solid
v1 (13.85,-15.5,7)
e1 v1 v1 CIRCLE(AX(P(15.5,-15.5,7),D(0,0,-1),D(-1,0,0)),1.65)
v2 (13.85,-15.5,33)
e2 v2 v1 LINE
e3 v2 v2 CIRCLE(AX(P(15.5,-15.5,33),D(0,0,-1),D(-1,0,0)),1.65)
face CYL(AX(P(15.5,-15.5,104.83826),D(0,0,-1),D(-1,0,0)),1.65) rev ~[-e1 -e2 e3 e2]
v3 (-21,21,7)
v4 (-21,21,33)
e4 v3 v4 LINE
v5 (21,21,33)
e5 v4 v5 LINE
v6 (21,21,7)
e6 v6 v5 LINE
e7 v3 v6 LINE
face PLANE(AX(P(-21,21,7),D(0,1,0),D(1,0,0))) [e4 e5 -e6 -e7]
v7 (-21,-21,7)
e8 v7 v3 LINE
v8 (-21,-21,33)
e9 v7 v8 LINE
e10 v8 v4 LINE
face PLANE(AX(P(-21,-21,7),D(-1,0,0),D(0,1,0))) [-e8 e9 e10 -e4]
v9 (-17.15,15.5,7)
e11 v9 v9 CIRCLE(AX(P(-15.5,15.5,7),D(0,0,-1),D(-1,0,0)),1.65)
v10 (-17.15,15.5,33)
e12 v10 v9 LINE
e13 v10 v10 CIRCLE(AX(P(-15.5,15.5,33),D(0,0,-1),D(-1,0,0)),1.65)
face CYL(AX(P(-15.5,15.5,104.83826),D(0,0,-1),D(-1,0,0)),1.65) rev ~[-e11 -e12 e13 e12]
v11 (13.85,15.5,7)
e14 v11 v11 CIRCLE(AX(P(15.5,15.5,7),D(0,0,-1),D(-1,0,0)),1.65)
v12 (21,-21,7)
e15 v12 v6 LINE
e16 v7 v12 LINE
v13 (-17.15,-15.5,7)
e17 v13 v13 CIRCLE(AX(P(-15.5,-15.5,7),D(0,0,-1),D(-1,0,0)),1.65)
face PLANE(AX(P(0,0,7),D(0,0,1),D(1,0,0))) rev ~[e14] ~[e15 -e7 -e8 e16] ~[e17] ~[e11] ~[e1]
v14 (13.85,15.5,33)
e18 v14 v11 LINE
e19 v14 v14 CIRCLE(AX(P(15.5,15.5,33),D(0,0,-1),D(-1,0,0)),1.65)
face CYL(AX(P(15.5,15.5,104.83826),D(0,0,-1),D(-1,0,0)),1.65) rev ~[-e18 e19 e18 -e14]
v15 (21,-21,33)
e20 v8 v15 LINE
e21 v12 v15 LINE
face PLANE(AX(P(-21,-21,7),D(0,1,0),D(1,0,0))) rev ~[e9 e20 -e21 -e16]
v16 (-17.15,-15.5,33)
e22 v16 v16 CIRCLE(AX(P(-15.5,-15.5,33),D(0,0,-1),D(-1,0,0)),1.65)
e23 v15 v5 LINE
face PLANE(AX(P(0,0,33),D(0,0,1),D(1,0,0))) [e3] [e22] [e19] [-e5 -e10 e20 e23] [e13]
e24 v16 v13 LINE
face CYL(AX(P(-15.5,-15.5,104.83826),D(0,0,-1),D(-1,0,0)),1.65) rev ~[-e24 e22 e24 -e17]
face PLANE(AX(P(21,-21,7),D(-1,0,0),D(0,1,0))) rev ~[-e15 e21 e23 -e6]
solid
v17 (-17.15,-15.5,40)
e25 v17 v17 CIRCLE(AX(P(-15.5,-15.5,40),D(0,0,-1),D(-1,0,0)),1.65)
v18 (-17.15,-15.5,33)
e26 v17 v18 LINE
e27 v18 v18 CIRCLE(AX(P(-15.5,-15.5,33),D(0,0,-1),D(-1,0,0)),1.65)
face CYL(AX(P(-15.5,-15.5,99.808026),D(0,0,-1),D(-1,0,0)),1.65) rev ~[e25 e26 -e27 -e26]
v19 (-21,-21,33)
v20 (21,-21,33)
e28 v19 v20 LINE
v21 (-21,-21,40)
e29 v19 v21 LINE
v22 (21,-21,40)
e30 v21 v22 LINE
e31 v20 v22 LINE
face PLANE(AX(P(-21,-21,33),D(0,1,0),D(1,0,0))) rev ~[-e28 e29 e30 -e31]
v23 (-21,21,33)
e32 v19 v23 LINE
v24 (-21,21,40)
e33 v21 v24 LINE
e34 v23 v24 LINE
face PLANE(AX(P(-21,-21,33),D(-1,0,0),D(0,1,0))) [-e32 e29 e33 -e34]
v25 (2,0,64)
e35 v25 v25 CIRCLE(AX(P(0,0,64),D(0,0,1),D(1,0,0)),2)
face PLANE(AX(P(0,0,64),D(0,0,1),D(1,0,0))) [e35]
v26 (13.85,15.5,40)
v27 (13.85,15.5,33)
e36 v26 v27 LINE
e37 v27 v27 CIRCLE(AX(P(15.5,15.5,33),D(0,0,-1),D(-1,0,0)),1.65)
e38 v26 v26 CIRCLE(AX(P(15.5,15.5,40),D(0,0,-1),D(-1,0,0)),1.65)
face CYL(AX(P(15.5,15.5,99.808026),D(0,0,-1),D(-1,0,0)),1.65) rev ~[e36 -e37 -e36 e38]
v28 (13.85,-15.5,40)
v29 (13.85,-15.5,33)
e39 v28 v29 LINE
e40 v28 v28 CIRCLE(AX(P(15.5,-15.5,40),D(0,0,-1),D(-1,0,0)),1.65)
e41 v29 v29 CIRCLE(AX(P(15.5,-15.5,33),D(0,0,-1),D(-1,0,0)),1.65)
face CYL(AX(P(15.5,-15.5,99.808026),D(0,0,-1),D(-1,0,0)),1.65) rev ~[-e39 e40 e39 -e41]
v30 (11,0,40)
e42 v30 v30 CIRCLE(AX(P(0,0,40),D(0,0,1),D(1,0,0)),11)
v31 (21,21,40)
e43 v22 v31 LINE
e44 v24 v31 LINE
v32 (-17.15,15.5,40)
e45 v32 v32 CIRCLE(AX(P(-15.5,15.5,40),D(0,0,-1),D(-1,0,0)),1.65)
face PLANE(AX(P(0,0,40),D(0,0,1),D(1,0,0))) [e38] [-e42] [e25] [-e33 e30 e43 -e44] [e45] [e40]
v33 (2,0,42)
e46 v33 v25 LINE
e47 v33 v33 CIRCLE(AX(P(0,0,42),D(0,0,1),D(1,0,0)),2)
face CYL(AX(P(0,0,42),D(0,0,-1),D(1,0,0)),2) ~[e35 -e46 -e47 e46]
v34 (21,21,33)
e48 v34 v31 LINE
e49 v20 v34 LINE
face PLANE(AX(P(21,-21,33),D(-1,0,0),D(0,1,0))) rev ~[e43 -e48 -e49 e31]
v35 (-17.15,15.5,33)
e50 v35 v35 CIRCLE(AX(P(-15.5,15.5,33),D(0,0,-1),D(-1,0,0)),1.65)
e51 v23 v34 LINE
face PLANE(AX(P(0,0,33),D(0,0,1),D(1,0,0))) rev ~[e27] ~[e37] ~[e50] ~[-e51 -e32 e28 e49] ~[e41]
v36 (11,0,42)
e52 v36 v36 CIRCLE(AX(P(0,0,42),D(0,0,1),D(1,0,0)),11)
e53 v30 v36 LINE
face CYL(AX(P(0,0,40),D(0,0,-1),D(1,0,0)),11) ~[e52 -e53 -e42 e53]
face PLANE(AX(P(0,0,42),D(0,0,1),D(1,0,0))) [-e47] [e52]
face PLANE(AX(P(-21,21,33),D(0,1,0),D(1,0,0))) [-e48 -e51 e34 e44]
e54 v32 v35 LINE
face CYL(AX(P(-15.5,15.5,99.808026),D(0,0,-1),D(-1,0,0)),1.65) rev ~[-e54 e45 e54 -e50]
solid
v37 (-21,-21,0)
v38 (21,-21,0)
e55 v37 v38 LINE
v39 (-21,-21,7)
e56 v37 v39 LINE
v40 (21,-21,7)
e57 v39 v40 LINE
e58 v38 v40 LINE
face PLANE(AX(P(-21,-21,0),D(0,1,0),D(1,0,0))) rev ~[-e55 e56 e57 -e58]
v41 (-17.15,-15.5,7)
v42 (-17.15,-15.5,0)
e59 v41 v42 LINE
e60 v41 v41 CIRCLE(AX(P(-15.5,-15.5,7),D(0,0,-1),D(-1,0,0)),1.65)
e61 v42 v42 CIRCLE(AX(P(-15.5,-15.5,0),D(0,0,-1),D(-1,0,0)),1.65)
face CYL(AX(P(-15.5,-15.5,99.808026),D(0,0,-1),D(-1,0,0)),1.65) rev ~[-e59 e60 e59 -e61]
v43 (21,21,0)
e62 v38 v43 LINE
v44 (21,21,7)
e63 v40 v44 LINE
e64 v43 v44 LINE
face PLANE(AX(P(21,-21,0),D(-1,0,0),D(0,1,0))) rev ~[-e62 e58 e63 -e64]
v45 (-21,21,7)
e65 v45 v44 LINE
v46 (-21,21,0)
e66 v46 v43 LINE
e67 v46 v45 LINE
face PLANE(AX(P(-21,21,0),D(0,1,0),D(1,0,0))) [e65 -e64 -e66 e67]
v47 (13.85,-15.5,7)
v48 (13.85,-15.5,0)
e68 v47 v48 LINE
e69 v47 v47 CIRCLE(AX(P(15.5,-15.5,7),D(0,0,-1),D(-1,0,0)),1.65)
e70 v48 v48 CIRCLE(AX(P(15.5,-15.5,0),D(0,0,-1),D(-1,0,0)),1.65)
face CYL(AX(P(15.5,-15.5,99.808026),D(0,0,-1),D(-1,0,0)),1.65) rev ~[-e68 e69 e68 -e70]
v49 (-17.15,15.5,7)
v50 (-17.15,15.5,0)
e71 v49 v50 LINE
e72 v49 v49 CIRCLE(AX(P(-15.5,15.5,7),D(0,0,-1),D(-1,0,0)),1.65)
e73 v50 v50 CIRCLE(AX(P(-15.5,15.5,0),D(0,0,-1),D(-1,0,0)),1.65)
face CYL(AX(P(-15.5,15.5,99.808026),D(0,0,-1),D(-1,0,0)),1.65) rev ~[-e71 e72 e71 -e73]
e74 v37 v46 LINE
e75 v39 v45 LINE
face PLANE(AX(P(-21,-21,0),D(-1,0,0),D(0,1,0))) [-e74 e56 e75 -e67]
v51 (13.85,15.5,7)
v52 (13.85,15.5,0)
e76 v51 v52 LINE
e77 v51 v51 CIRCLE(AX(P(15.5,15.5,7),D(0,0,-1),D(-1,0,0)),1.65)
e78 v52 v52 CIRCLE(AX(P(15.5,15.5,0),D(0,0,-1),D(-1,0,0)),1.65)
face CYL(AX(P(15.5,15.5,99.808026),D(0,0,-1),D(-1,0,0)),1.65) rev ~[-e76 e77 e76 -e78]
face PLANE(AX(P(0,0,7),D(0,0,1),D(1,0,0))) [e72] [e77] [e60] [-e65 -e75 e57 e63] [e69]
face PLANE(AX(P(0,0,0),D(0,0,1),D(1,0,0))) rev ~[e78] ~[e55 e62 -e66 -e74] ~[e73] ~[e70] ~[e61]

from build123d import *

# Parameters (mm, degrees)
F0_W     = 42
F0_H     = 42
F1_DEPTH = 7
F2_DEPTH = 26
F3_DEPTH = 7
F5_D     = 3.3
F5_2_D   = 3.3
F5_3_D   = 3.3
F6_R     = 11
F7_DEPTH = 2
F8_R     = 2
F9_DEPTH = 22


with BuildPart() as f1:
    # F0 (on Top) → F1 (new body)
    with BuildSketch(Plane.XY):
        Rectangle(F0_W, F0_H)
    extrude(amount=F1_DEPTH)


with BuildPart() as f2:
    # F2 (new): a face of the model
    f2_faces = [f1.part.faces().sort_by_distance(p)[0] for p in [
        (0, 0, 7),
    ]]
    extrude(f2_faces, amount=F2_DEPTH)


with BuildPart() as f3:
    # F3 (new): a face of the model
    f3_faces = [f2.part.faces().sort_by_distance(p)[0] for p in [
        (0, 0, 33),
    ]]
    extrude(f3_faces, amount=F3_DEPTH)

    # F5#3 (through all)
    with Locations(Plane.XY.offset(40)):
        with Locations((-15.5, 15.5), (15.5, 15.5), (-15.5, -15.5), (15.5, -15.5)):
            Hole(F5_3_D / 2)

    # F6 (on face) → F7 (join)
    with BuildSketch(Plane.XY.offset(40)):
        Circle(F6_R)
    extrude(amount=F7_DEPTH)

    # F8 (on face) → F9 (join)
    with BuildSketch(Plane.XY.offset(42)):
        Circle(F8_R)
    extrude(amount=F9_DEPTH)


with BuildPart() as f1_1:
    add(f1.part)

    # F5 (through all)
    with Locations(Plane.XY.offset(40)):
        with Locations((-15.5, 15.5), (15.5, 15.5), (-15.5, -15.5), (15.5, -15.5)):
            Hole(F5_D / 2)


with BuildPart() as f2_1:
    add(f2.part)

    # F5#2 (through all)
    with Locations(Plane.XY.offset(40)):
        with Locations((-15.5, 15.5), (15.5, 15.5), (-15.5, -15.5), (15.5, -15.5)):
            Hole(F5_2_D / 2)


solid = Compound([f3.part, f1_1.part, f2_1.part])
